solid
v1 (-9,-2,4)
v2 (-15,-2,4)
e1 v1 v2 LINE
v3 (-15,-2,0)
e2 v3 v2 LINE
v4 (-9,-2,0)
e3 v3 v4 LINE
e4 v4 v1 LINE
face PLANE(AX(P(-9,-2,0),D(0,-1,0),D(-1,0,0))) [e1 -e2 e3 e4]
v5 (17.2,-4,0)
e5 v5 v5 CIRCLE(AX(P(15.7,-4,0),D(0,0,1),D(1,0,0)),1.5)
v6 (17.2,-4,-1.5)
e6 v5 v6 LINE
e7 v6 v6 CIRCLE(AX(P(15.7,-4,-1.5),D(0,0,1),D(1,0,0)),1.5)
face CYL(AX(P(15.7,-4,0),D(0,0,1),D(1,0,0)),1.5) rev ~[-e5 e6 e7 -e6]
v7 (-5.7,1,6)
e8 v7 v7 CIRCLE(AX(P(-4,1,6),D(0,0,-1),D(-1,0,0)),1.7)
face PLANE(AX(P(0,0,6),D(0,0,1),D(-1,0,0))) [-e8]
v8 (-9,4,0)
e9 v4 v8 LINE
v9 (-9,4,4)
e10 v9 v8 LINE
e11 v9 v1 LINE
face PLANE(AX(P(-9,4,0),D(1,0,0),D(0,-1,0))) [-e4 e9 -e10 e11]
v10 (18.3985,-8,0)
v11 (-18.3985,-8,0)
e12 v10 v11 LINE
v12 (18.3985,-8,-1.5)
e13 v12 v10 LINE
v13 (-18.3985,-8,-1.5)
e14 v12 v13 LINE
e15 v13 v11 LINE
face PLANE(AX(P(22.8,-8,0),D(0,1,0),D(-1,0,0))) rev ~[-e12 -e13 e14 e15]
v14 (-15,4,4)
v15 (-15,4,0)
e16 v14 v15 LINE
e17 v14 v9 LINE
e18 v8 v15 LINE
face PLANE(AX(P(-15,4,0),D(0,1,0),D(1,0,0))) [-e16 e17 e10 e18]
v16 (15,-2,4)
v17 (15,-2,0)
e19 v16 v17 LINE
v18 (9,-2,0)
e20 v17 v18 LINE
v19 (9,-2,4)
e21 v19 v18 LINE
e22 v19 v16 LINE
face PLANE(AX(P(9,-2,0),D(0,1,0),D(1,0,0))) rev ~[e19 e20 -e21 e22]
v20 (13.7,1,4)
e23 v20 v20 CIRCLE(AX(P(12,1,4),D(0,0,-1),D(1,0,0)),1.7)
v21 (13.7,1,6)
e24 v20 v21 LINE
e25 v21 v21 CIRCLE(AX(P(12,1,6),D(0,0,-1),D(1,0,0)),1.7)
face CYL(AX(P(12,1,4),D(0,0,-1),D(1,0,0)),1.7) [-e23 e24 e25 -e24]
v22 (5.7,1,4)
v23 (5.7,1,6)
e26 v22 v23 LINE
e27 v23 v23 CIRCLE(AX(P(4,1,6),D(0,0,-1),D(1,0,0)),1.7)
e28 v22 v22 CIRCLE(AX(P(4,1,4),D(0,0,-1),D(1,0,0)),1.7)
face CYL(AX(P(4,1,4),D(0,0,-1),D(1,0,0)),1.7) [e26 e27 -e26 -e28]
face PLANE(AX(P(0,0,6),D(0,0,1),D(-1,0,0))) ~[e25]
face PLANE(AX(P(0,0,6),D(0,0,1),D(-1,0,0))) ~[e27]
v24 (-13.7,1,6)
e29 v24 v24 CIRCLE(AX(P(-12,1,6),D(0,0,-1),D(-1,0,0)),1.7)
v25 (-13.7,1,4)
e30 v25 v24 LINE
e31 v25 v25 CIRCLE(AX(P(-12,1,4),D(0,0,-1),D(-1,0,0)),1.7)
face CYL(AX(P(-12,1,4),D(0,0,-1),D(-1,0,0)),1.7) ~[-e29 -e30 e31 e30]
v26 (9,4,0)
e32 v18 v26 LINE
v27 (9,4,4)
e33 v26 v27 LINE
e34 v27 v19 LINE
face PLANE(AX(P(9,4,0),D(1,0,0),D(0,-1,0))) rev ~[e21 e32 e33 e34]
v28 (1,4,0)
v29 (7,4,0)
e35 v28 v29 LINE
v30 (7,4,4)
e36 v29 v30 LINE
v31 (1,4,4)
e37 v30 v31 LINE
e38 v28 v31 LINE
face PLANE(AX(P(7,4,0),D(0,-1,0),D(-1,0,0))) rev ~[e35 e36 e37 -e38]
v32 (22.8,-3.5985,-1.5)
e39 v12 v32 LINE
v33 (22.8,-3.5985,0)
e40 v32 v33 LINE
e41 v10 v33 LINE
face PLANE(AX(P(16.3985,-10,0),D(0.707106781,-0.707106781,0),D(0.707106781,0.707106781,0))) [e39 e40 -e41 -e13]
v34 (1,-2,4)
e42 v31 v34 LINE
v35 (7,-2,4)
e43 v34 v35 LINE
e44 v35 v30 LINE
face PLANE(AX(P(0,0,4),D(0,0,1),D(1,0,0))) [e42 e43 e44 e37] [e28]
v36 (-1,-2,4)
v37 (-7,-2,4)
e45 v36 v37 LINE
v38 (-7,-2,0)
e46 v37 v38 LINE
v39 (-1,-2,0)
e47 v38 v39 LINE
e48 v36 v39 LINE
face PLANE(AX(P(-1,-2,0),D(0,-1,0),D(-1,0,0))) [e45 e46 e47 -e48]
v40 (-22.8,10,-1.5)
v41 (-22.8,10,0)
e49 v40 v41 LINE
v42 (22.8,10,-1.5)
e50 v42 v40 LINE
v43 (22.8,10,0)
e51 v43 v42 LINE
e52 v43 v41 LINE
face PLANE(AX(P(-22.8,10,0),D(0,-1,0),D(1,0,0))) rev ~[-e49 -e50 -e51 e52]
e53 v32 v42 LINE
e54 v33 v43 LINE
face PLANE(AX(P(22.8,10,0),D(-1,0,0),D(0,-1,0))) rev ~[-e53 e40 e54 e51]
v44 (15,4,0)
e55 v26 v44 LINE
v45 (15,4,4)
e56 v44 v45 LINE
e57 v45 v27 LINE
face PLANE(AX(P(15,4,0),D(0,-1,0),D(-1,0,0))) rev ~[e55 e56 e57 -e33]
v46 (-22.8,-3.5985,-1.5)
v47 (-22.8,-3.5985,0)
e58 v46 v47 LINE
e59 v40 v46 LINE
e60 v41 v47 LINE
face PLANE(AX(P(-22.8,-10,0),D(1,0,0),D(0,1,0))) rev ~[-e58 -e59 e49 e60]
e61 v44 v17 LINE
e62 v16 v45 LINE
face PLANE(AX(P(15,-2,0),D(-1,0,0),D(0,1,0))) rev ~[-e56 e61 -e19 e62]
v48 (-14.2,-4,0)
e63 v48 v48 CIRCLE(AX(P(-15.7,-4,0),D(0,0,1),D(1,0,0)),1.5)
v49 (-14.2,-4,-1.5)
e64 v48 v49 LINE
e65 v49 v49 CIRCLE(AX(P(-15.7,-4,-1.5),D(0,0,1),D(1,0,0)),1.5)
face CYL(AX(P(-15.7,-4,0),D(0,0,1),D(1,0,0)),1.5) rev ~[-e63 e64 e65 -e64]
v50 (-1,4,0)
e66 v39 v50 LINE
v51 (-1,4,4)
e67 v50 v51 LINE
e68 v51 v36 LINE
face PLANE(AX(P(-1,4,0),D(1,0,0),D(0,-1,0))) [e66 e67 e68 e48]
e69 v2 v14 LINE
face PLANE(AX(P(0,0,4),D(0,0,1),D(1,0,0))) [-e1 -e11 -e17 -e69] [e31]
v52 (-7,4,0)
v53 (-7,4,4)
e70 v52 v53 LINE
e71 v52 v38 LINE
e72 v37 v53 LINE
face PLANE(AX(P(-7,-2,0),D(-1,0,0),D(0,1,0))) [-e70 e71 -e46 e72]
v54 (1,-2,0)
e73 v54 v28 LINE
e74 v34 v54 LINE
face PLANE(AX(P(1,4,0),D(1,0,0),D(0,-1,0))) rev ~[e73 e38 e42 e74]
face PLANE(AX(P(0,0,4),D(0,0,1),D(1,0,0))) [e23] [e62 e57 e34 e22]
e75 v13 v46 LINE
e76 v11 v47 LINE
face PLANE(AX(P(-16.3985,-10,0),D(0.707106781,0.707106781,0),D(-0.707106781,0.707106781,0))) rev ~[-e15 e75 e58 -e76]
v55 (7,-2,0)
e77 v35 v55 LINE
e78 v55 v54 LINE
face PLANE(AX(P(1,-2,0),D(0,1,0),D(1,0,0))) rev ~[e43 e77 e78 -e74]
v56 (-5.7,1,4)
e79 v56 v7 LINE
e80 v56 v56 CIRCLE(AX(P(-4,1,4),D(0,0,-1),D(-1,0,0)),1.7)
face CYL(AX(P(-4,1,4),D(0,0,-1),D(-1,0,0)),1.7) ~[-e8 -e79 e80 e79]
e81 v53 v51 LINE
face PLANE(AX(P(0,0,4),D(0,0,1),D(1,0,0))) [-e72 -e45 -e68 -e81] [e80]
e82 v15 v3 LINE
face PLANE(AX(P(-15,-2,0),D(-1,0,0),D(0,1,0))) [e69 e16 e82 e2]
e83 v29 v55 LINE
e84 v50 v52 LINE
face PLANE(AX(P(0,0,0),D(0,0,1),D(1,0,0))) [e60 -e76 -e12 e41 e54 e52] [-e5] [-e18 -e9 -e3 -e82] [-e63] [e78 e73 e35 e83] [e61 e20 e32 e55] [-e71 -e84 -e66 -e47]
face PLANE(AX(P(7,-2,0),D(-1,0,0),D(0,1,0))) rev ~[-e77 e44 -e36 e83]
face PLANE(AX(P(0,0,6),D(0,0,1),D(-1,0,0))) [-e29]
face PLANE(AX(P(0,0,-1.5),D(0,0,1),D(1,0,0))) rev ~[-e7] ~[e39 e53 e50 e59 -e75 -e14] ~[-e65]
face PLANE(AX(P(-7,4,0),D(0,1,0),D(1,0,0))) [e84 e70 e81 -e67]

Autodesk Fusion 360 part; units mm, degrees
sketch "Sketch1" plane through (0, 0, 0) normal (0, 0, 1) x (1, 0, 0)
  line L0 (-22.8, 10) -> (22.8, 10)
  line L1 (22.8, 10) -> (22.8, -10)
  line L2 (22.8, -10) -> (-22.8, -10)
  line L3 (-22.8, -10) -> (-22.8, 10)
  line L4 (-22.8, 10) -> (22.8, -10) construction
  line L5 (-15, 4) -> (-9, 4)
  line L6 (-9, 4) -> (-9, -2)
  line L7 (-9, -2) -> (-15, -2)
  line L8 (-15, -2) -> (-15, 4)
  line L9 (0, 10) -> (0, -10) construction
  line L10 (-1, -2) -> (-7, -2)
  line L11 (-7, -2) -> (-7, 4)
  line L12 (-7, 4) -> (-1, 4)
  line L13 (-1, 4) -> (-1, -2)
  line L14 (7, 4) -> (1, 4)
  line L15 (1, 4) -> (1, -2)
  line L16 (1, -2) -> (7, -2)
  line L17 (7, -2) -> (7, 4)
  line L18 (15, 4) -> (9, 4)
  line L19 (9, 4) -> (9, -2)
  line L20 (15, -2) -> (15, 4)
  line L21 (9, -2) -> (15, -2)
  circle A0 centre (-15.7, -4) radius 1.5
  circle A1 centre (15.7, -4) radius 1.5
  line L22 (-15.7, -4) -> (15.7, -4) construction
  dimension "d1" = 45.6
  dimension "d2" = 20
  dimension "d3" = 6
  dimension "d4" = 6
  dimension "d5" = 2
  dimension "d6" = 1
  dimension "d7" = 6
  dimension "d33" = 7.1
  dimension "d34" = 3
  dimension "d37" = 3
  dimension "d38" = 6
  dimension "d59" = 7.1
extrude "Extrude7" add sketch "Sketch1" against normal blind 1.5 contours L0 L1 L2 L3 | L5 L6 L7 L8 | L10 L11 L12 L13 | L14 L15 L16 L17 | L18 L19 L20 L21
extrude "Extrude8" add sketch "Sketch1" along normal blind 4 contours L5 L6 L7 L8 | L10 L11 L12 L13 | L14 L15 L16 L17 | L18 L19 L20 L21
sketch "Sketch6" plane through (0, 0, 4) normal (0, 0, 1) x (-1, 0, 0)
  line L0 (15, 2) -> (9, 2)
  line L1 (9, 2) -> (9, -4)
  line L2 (9, -4) -> (15, -4)
  line L3 (15, -4) -> (15, 2)
  line L4 (15, -4) -> (9, 2) construction
  circle A0 centre (12, -1) radius 1.7
  dimension "d44" = 3.4
sketch "Sketch7" plane through (0, 0, 4) normal (0, 0, 1) x (-1, 0, 0)
  line L0 (1, -4) -> (7, -4)
  line L1 (7, -4) -> (7, 2)
  line L2 (7, 2) -> (1, 2)
  line L3 (1, 2) -> (1, -4)
  line L4 (7, -4) -> (1, 2) construction
  circle A0 centre (4, -1) radius 1.7
  dimension "d45" = 3.4
extrude "Extrude9" add sketch "Sketch6" sketch "Sketch7" along normal blind 2 contours A0 of sketch 2 contours A0
mirror "Mirror2" about plane through (0, 0, 0) normal (1, 0, 0) of "Extrude9"
sketch "Sketch8" plane through (0, 0, 0) normal (0, 0, 1) x (-1, 0, 0)
  line L0 (-9, 2) -> (-9, -4)
  line L1 (-9, -4) -> (-15, -4)
  line L2 (-15, -4) -> (-15, 2)
  line L3 (-15, 2) -> (-9, 2)
  line L4 (15, 2) -> (15, -4)
  line L5 (15, -4) -> (9, -4)
  line L6 (9, -4) -> (9, 2)
  line L7 (9, 2) -> (15, 2)
  line L8 (-7, 2) -> (-1, 2)
  line L9 (-1, 2) -> (-1, -4)
  line L10 (-1, -4) -> (-7, -4)
  line L11 (-7, -4) -> (-7, 2)
  line L12 (1, -4) -> (1, 2)
  line L13 (1, 2) -> (7, 2)
  line L14 (7, 2) -> (7, -4)
  line L15 (7, -4) -> (1, -4)
  circle A0 centre (15.7, 4) radius 1.5
  circle A1 centre (-15.7, 4) radius 1.5
  line L16 (22.8, 10) -> (-22.8, 10)
  line L17 (-22.8, 10) -> (-22.8, -10)
  line L18 (-22.8, -10) -> (22.8, -10)
  line L19 (22.8, -10) -> (22.8, 10)
  line L20 (16.3985, 10) -> (22.8, 3.5985)
  line L21 (15.7, 4) -> (19.5993, 6.7993) construction
  line L22 (0, 0) -> (0, -10) construction
  line L23 (-16.3985, 10) -> (-22.8, 3.5985)
  dimension "d51" = 45
  dimension "d52" = 4.8
extrude "Extrude10" cut sketch "Sketch8" against normal blind 1.5 contours L16 L19 L20 | L16 L17 L23
move_face "OffsetFaces1" offset -2 1 faces at (5.4662, -10, -0.5)
extrude "Extrude1" [suppressed]
extrude "Extrude2" [suppressed]
sketch "Sketch2" plane through (0, 0, 4) normal (0, 0, 1) x (-1, 0, 0)
  line L0 (15, 2) -> (9, 2)
  line L1 (9, 2) -> (9, -4)
  line L2 (9, -4) -> (15, -4)
  line L3 (15, -4) -> (15, 2)
  circle A0 centre (12, -1) radius 2
  line L4 (15, -4) -> (9, 2) construction
  dimension "d12" = 4
extrude "Extrude3" [suppressed]
sketch "Sketch3" plane through (0, 0, 4) normal (0, 0, 1) x (-1, 0, 0)
  line L0 (1, -4) -> (7, -4)
  line L1 (7, -4) -> (7, 2)
  line L2 (7, 2) -> (1, 2)
  line L3 (1, 2) -> (1, -4)
  line L4 (7, -4) -> (1, 2) construction
  circle A0 centre (4, -1) radius 2
  dimension "d15" = 4
extrude "Extrude4" [suppressed]
mirror "Mirror1" [suppressed]
sketch "Sketch4" plane through (0, 0, 0) normal (0, 0, 1) x (-1, 0, 0)
  line L0 (-9, 2) -> (-9, -4)
  line L1 (-9, -4) -> (-15, -4)
  line L2 (-15, -4) -> (-15, 2)
  line L3 (-15, 2) -> (-9, 2)
  line L4 (15, 2) -> (15, -4)
  line L5 (15, -4) -> (9, -4)
  line L6 (9, -4) -> (9, 2)
  line L7 (9, 2) -> (15, 2)
  line L8 (-7, 2) -> (-1, 2)
  line L9 (-1, 2) -> (-1, -4)
  line L10 (-1, -4) -> (-7, -4)
  line L11 (-7, -4) -> (-7, 2)
  line L12 (1, -4) -> (1, 2)
  line L13 (1, 2) -> (7, 2)
  line L14 (7, 2) -> (7, -4)
  line L15 (7, -4) -> (1, -4)
  line L16 (22.8, 10) -> (-22.8, 10)
  line L17 (-22.8, 10) -> (-22.8, -10)
  line L18 (-22.8, -10) -> (22.8, -10)
  line L19 (22.8, -10) -> (22.8, 10)
  circle A0 centre (-19.6, -3.8) radius 1.5
  circle A1 centre (17.3, 3.5) radius 1.5
  dimension "d20" = 3
  dimension "d21" = 3.2
  dimension "d22" = 6.2
  dimension "d23" = 3
  dimension "d24" = 6.5
  dimension "d25" = 5.5
extrude "Extrude5" [suppressed]
sketch "Sketch5" plane through (0, 0, 0) normal (0, 0, 1) x (-1, 0, 0)
  circle A0 centre (-19.6, -3.8) radius 1.5
  circle A1 centre (17.3, 3.5) radius 1.5
  line L0 (-9, 2) -> (-9, -4)
  line L1 (-9, -4) -> (-15, -4)
  line L2 (-15, -4) -> (-15, 2)
  line L3 (-15, 2) -> (-9, 2)
  line L4 (15, 2) -> (15, -4)
  line L5 (15, -4) -> (9, -4)
  line L6 (9, -4) -> (9, 2)
  line L7 (9, 2) -> (15, 2)
  line L8 (-7, 2) -> (-1, 2)
  line L9 (-1, 2) -> (-1, -4)
  line L10 (-1, -4) -> (-7, -4)
  line L11 (-7, -4) -> (-7, 2)
  line L12 (1, -4) -> (1, 2)
  line L13 (1, 2) -> (7, 2)
  line L14 (7, 2) -> (7, -4)
  line L15 (7, -4) -> (1, -4)
  line L16 (22.8, 10) -> (-22.8, 10)
  line L17 (-22.8, 10) -> (-22.8, -10)
  line L18 (-22.8, -10) -> (22.8, -10)
  line L19 (22.8, -10) -> (22.8, 10)
  line L20 (14.3, 3.2) -> (-22.8, 3.2)
  line L21 (-22.8, 3.2) -> (-22.8, 10)
  line L22 (-22.8, 10) -> (14.3, 10)
  line L23 (14.3, 10) -> (14.3, 3.2)
  dimension "d28" = 6.8
  dimension "d29" = 8.5
extrude "Extrude6" [suppressed]
equation "d22 = 4.7 mm + 1.5 mm"
